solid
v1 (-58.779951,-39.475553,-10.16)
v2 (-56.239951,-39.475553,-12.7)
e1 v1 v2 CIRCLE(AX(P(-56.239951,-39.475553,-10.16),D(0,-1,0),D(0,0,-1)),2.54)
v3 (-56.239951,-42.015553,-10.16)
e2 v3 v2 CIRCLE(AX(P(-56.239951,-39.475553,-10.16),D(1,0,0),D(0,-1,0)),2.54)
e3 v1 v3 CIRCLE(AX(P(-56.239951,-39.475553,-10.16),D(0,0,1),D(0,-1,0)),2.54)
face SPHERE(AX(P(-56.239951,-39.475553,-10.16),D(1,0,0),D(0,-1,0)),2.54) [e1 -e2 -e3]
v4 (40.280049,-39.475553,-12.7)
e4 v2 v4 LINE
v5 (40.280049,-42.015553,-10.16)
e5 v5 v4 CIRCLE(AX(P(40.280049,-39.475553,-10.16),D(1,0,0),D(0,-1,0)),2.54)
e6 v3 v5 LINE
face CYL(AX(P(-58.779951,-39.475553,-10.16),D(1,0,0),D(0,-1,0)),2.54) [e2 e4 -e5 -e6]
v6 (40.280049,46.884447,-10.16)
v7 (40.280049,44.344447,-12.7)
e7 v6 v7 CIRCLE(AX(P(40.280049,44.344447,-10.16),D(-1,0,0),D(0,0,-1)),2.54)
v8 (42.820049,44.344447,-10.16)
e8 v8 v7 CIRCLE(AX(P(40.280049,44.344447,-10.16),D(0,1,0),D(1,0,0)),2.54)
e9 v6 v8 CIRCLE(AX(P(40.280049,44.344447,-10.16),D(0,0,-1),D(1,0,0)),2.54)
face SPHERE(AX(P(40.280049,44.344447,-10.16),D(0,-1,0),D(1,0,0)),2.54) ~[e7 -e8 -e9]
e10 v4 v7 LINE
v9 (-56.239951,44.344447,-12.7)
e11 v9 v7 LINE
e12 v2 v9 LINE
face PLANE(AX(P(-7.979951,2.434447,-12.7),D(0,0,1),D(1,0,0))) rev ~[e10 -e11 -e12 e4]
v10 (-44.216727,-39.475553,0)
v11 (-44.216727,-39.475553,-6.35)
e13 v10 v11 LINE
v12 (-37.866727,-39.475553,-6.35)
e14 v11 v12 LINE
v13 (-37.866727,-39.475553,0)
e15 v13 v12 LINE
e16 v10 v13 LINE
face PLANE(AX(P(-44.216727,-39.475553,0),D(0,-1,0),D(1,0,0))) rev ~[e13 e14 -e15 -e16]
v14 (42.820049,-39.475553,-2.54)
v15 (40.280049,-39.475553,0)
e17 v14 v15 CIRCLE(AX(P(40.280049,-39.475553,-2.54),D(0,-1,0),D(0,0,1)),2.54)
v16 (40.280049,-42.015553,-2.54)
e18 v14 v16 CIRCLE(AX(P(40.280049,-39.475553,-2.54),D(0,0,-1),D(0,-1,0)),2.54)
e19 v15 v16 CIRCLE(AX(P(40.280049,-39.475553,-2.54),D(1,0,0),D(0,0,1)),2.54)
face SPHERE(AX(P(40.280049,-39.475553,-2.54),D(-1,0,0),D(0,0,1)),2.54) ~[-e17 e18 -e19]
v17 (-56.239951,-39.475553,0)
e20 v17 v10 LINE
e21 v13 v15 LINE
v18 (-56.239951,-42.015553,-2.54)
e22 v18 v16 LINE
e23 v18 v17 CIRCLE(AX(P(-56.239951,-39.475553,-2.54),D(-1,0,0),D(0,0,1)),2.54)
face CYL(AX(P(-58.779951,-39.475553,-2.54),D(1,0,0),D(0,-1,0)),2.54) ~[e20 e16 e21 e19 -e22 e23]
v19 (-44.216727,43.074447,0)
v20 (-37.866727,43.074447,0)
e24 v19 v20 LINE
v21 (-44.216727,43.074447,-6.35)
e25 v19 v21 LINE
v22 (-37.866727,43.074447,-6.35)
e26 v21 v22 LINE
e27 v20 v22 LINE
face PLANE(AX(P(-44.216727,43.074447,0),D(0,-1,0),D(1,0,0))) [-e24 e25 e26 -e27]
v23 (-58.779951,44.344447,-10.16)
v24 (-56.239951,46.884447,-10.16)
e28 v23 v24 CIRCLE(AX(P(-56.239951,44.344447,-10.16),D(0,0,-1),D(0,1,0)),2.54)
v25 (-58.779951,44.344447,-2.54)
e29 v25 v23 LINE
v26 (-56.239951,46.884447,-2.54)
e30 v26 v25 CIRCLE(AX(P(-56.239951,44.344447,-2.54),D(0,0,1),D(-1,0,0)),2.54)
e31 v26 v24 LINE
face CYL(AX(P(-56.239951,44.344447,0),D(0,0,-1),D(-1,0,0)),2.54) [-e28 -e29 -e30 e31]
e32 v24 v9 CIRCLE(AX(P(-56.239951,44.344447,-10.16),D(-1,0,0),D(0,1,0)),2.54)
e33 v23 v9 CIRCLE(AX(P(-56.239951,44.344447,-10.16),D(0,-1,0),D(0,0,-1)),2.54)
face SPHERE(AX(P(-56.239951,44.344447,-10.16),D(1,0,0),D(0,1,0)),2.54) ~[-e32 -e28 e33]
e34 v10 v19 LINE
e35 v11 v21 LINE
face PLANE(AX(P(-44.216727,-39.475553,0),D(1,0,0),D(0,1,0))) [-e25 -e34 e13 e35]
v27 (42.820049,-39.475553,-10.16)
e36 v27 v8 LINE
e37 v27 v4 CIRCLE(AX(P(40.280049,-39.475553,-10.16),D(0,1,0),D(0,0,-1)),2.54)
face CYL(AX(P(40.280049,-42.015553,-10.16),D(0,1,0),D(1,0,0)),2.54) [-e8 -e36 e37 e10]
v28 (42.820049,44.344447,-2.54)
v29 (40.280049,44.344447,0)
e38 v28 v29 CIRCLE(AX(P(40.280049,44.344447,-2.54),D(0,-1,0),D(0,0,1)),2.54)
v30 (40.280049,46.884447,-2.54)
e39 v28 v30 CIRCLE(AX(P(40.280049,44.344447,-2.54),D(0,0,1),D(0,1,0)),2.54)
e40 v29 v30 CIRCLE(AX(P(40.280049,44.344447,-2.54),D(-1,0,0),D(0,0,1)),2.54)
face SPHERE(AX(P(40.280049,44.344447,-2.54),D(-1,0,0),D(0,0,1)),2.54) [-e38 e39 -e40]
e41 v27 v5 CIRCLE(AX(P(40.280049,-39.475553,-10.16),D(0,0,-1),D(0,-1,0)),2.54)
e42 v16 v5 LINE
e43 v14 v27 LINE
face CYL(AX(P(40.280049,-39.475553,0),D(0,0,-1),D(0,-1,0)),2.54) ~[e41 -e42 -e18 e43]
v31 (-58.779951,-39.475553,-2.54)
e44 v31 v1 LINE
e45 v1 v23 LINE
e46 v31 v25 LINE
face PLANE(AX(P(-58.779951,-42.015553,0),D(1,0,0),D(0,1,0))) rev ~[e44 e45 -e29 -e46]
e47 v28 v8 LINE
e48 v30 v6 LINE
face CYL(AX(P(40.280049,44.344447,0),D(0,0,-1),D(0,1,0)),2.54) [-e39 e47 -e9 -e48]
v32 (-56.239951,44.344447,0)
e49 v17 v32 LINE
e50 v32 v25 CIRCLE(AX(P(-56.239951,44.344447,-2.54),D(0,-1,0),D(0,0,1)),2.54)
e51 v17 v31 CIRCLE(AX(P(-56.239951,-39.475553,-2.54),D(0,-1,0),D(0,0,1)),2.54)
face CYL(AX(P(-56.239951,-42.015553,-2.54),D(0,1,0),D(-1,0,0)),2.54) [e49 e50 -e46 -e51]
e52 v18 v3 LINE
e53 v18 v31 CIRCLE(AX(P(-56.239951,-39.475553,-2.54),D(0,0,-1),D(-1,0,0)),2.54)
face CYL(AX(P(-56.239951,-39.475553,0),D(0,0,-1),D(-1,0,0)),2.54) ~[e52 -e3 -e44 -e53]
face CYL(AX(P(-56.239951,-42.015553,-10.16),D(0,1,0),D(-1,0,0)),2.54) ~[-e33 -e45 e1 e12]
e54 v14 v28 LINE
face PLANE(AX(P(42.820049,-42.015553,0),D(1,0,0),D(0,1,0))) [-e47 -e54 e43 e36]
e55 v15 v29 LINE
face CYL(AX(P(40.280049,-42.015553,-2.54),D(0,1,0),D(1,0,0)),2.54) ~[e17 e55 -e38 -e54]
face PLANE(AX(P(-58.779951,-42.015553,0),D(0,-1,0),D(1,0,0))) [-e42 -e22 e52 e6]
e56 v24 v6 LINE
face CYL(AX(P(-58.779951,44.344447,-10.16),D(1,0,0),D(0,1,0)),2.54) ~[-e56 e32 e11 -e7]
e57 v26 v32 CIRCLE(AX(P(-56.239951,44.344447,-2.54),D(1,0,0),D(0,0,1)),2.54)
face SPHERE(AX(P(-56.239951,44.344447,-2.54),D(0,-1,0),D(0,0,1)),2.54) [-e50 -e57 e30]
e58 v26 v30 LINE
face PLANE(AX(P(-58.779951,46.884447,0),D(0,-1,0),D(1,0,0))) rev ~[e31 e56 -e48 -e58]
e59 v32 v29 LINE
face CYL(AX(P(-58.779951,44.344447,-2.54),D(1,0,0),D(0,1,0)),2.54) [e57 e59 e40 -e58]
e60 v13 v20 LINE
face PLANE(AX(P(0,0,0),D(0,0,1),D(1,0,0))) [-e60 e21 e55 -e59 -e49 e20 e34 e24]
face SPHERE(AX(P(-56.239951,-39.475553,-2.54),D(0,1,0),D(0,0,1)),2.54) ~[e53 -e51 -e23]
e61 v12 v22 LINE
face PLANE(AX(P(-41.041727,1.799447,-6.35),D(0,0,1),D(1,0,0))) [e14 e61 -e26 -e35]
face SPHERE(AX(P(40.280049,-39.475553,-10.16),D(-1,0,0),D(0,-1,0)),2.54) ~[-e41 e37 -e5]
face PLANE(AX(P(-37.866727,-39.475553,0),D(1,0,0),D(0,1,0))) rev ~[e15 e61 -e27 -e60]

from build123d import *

# Parameters (mm, degrees)
F0_W     = 101.6
F0_H     = 88.9
F0_R     = 6.35
F1_DEPTH = 12.7
F2_R     = 2.54
F3_DEPTH = 12.7
F4_W     = 6.35
F4_H     = 82.55
F5_DEPTH = 6.35


with BuildPart() as f1:
    # F0 (on Top) → F1 (new body)
    with BuildSketch(Plane.XY):
        with Locations((-7.979951, 2.434447)):
            Rectangle(F0_W, F0_H)
        Circle(F0_R, mode=Mode.SUBTRACT)
    extrude(amount=-F1_DEPTH)

    # F2
    f2_edges = [f1.edges().sort_by_distance(p)[0] for p in [
        (-58.779951, 2.434447, 0),
        (-7.979951, -42.015553, 0),
        (-7.979951, 46.884447, 0),
        (42.820049, 2.434447, 0),
        (-7.979951, -42.015553, -12.7),
        (-58.779951, -42.015553, -6.35),
        (42.820049, -42.015553, -6.35),
        (42.820049, 2.434447, -12.7),
        (42.820049, 46.884447, -6.35),
        (-7.979951, 46.884447, -12.7),
        (-58.779951, 46.884447, -6.35),
        (-58.779951, 2.434447, -12.7),
    ]]
    fillet(f2_edges, radius=F2_R)

    # F0 (on Top) → F3 (join)
    with BuildSketch(Plane.XY):
        Circle(F0_R)
    extrude(amount=-F3_DEPTH)

    # F4 (on face) → F5 (cut)
    with BuildSketch(Plane.XY):
        with Locations((-41.041727, 1.799447)):
            Rectangle(F4_W, F4_H)
    extrude(amount=-F5_DEPTH, mode=Mode.SUBTRACT)


solid = f1.part
